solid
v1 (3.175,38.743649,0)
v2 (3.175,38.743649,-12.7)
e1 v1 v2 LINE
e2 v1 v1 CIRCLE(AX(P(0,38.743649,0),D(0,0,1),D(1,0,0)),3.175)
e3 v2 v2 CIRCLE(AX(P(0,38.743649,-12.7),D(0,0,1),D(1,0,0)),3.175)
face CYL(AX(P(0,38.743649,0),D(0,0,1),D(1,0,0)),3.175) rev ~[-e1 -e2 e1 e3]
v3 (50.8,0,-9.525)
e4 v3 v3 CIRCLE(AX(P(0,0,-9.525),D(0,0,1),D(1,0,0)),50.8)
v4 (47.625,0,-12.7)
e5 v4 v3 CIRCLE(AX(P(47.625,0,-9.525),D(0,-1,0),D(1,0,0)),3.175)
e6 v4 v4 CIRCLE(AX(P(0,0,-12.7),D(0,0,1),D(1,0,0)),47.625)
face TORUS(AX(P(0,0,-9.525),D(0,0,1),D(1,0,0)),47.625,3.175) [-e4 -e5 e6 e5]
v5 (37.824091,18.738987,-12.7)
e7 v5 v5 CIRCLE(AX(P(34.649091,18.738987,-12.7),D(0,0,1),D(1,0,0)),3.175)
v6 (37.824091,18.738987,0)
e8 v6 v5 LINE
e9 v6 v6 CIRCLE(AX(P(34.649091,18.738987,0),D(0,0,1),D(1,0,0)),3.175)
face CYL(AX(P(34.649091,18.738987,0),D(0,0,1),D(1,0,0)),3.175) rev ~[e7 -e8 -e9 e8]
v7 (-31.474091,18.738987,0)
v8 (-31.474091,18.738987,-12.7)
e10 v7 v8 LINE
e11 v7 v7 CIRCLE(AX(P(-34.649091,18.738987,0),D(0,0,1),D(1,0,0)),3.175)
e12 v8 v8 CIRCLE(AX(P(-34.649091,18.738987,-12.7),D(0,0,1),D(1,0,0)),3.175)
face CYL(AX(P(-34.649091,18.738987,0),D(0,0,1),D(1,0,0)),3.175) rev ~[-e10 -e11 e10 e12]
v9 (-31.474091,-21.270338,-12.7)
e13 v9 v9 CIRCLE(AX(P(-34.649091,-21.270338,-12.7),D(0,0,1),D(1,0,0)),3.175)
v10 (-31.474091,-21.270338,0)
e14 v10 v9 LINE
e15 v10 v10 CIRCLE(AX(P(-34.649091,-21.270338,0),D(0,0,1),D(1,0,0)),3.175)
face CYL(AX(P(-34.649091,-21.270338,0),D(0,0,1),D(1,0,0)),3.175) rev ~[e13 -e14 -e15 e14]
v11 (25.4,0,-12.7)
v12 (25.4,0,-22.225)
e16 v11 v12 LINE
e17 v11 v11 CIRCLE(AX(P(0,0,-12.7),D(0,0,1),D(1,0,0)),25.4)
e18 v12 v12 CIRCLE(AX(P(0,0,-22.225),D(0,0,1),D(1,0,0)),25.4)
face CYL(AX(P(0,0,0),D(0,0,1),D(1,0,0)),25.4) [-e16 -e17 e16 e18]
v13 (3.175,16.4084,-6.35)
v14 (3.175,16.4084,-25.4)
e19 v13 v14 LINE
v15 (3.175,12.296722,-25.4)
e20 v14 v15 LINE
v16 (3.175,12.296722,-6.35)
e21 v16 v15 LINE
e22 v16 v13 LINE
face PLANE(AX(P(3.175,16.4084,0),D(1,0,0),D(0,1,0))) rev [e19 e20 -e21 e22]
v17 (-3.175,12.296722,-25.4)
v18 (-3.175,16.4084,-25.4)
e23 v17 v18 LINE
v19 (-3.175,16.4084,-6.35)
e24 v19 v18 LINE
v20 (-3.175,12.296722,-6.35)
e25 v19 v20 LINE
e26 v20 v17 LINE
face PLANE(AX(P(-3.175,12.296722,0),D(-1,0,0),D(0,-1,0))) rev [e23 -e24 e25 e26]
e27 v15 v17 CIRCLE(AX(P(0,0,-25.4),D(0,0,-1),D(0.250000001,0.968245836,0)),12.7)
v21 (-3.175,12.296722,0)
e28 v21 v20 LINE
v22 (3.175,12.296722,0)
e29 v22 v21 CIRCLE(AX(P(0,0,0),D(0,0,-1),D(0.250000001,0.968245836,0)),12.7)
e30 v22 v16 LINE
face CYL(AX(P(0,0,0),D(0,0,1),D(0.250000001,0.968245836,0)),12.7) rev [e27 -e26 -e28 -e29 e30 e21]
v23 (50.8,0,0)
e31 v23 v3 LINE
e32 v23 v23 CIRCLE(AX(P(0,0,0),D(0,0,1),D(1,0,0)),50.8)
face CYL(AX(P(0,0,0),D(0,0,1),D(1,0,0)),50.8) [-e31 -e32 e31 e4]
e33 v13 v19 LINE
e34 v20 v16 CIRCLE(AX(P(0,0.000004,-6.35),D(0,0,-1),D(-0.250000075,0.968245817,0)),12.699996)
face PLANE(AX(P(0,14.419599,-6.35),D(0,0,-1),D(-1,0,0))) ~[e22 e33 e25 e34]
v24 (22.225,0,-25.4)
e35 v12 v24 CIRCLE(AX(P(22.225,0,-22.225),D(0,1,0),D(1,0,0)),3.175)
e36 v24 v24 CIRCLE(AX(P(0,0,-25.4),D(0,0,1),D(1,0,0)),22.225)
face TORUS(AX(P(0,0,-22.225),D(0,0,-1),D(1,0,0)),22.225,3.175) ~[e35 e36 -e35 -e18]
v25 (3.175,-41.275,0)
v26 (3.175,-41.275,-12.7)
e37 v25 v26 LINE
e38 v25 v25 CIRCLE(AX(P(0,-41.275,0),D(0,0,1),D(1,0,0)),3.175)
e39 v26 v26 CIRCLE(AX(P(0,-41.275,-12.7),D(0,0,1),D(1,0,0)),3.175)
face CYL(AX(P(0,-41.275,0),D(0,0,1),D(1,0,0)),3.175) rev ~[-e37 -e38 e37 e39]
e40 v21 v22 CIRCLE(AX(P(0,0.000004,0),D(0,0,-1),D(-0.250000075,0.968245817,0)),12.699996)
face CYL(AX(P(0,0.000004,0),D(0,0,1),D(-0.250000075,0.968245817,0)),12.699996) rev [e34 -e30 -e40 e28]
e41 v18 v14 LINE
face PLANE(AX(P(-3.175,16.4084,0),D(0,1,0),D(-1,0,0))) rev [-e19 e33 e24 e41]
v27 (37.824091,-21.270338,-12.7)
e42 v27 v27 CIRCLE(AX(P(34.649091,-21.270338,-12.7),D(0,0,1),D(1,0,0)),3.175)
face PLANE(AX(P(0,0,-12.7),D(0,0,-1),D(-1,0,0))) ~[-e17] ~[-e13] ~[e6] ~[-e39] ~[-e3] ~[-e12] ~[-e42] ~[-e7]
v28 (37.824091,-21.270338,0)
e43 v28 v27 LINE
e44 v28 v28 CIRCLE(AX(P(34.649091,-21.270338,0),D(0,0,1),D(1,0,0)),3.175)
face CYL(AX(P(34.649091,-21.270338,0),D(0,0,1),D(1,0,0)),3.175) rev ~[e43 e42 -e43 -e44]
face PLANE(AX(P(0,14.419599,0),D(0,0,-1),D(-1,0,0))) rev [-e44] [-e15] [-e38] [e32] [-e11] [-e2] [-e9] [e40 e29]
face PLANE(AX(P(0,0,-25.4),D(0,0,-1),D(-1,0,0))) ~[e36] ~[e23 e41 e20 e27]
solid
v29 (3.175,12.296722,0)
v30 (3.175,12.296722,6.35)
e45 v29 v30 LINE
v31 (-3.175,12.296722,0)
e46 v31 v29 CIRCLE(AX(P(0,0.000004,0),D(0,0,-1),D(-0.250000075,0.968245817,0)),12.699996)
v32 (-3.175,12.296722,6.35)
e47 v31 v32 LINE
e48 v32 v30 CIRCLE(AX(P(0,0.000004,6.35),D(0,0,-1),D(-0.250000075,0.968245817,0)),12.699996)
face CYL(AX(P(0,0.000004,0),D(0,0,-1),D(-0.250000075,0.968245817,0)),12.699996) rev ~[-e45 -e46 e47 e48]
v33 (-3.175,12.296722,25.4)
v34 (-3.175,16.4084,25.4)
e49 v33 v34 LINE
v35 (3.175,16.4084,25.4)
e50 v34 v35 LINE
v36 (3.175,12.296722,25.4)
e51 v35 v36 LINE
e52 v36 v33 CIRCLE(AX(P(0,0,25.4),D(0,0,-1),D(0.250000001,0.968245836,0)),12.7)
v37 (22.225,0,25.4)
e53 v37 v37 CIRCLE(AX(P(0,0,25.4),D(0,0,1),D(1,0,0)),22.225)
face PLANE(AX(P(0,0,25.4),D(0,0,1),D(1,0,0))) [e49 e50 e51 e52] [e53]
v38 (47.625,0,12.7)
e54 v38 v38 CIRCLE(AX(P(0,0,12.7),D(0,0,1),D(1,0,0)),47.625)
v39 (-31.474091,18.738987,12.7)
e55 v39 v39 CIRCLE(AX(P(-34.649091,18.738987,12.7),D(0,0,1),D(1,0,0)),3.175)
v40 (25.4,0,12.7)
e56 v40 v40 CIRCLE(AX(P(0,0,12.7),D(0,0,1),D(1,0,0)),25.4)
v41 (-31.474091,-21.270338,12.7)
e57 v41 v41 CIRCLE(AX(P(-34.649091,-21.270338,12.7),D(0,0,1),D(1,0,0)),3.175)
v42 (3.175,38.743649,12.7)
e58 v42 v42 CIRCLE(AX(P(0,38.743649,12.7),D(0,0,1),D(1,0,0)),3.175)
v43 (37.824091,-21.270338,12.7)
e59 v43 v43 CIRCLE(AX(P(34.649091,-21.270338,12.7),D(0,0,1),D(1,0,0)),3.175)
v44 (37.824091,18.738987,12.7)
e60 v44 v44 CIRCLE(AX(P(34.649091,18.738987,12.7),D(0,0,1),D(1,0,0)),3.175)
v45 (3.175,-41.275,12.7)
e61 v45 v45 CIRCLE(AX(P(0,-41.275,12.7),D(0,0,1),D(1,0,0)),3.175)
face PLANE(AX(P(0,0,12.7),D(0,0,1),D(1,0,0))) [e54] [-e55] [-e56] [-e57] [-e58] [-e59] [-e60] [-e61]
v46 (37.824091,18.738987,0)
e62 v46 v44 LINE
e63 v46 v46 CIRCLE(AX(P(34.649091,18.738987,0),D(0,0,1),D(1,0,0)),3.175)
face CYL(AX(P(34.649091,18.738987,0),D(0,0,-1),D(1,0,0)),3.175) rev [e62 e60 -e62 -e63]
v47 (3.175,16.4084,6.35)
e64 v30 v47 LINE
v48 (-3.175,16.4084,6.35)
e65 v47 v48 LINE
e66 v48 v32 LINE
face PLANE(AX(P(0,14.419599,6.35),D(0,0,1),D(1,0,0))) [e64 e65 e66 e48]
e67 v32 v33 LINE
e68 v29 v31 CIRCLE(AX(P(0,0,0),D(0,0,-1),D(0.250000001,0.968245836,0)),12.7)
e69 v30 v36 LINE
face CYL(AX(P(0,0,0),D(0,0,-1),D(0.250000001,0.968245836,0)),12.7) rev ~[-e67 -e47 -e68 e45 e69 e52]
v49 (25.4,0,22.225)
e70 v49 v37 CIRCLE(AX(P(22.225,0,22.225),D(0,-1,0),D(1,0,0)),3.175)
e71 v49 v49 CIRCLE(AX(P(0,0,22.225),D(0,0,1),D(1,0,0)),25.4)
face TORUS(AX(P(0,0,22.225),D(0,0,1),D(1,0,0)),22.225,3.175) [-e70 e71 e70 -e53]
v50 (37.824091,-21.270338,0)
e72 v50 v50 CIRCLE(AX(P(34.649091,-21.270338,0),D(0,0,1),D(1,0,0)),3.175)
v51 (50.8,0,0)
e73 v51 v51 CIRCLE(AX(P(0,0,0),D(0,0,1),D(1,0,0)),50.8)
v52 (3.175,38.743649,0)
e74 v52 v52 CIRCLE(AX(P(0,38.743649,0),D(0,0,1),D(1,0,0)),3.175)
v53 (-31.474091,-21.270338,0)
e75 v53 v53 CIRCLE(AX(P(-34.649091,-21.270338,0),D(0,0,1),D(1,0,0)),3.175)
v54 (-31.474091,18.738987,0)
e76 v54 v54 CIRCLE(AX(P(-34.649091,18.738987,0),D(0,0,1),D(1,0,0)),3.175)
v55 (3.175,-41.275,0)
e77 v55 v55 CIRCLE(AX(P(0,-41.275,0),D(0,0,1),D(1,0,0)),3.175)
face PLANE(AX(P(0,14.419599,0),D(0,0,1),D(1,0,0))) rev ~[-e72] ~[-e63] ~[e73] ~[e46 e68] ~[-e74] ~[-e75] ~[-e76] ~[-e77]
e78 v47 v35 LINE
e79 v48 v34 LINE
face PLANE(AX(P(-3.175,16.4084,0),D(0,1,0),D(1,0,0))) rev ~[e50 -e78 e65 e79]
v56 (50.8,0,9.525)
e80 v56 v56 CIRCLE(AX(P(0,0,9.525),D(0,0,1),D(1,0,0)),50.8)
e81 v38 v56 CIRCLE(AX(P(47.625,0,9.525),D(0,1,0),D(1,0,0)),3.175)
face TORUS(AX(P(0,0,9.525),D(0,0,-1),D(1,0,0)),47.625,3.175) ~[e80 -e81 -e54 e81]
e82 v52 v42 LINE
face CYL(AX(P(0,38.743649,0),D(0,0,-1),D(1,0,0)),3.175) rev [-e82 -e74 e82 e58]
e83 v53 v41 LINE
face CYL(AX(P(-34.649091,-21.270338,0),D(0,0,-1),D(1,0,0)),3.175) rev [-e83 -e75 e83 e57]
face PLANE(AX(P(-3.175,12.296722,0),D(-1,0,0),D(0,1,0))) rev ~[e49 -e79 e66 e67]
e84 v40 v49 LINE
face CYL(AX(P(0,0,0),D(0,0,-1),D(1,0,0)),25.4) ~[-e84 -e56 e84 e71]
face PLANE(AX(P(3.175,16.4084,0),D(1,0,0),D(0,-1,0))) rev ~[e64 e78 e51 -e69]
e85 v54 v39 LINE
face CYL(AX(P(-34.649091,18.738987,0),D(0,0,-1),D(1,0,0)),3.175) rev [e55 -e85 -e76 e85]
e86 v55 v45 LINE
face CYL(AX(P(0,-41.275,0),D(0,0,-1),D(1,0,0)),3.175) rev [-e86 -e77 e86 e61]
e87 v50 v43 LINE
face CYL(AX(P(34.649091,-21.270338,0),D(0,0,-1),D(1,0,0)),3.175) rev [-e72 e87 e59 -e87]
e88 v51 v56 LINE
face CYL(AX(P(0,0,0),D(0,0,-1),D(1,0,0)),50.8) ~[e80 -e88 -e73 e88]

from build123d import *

# Parameters (mm, degrees)
F0_R     = 25.4
F0_R_2   = 50.8
F0_R_3   = 3.175
F1_DEPTH = 12.7
F2_DEPTH = 25.4
F3_R     = 3.175
F4_DEPTH = 6.35


with BuildPart() as f1:
    # F0 (on Top) → F1 (new body)
    with BuildSketch(Plane.XY):
        Circle(F0_R)
        with BuildLine():
            ThreePointArc((3.175, 12.296722), (0, -12.7), (-3.175, 12.296722))
            Line((-3.175, 12.296722), (-3.175, 16.4084))
            Line((-3.175, 16.4084), (0, 16.4084))
            Line((0, 16.4084), (3.175, 16.4084))
            Line((3.175, 16.4084), (3.175, 12.296722))
        make_face(mode=Mode.SUBTRACT)
        Circle(F0_R_2)
        with Locations((0, -41.275)):
            Circle(F0_R_3, mode=Mode.SUBTRACT)
        with Locations((-34.649091, -21.270338)):
            Circle(F0_R_3, mode=Mode.SUBTRACT)
        Circle(F0_R, mode=Mode.SUBTRACT)
        with Locations((34.649091, -21.270338)):
            Circle(F0_R_3, mode=Mode.SUBTRACT)
        with Locations((-34.649091, 18.738987)):
            Circle(F0_R_3, mode=Mode.SUBTRACT)
        with Locations((0, 38.743649)):
            Circle(F0_R_3, mode=Mode.SUBTRACT)
        with Locations((34.649091, 18.738987)):
            Circle(F0_R_3, mode=Mode.SUBTRACT)
    extrude(amount=F1_DEPTH)

    # F0 (on Top) → F2 (join)
    with BuildSketch(Plane.XY):
        Circle(F0_R)
        with BuildLine():
            ThreePointArc((3.175, 12.296722), (0, -12.7), (-3.175, 12.296722))
            Line((-3.175, 12.296722), (-3.175, 16.4084))
            Line((-3.175, 16.4084), (0, 16.4084))
            Line((0, 16.4084), (3.175, 16.4084))
            Line((3.175, 16.4084), (3.175, 12.296722))
        make_face(mode=Mode.SUBTRACT)
    extrude(amount=F2_DEPTH)

    # F3
    f3_edges = [f1.edges().sort_by_distance(p)[0] for p in [
        (-25.4, 0, 25.4),
        (-50.8, 0, 12.7),
    ]]
    fillet(f3_edges, radius=F3_R)

    # F0 (on Top) → F4 (join)
    with BuildSketch(Plane.XY):
        with BuildLine():
            Line((-3.175, 16.4084), (-3.175, 12.296722))
            ThreePointArc((-3.175, 12.296722), (0, 12.7), (3.175, 12.296722))
            Line((3.175, 12.296722), (3.175, 16.4084))
            Line((3.175, 16.4084), (0, 16.4084))
            Line((0, 16.4084), (-3.175, 16.4084))
        make_face()
    extrude(amount=F4_DEPTH)


with BuildPart() as f5_1:
    # F5: instance of F1
    add(f1.part.mirror(Plane.XY))


solid = Compound([f1.part, f5_1.part])
